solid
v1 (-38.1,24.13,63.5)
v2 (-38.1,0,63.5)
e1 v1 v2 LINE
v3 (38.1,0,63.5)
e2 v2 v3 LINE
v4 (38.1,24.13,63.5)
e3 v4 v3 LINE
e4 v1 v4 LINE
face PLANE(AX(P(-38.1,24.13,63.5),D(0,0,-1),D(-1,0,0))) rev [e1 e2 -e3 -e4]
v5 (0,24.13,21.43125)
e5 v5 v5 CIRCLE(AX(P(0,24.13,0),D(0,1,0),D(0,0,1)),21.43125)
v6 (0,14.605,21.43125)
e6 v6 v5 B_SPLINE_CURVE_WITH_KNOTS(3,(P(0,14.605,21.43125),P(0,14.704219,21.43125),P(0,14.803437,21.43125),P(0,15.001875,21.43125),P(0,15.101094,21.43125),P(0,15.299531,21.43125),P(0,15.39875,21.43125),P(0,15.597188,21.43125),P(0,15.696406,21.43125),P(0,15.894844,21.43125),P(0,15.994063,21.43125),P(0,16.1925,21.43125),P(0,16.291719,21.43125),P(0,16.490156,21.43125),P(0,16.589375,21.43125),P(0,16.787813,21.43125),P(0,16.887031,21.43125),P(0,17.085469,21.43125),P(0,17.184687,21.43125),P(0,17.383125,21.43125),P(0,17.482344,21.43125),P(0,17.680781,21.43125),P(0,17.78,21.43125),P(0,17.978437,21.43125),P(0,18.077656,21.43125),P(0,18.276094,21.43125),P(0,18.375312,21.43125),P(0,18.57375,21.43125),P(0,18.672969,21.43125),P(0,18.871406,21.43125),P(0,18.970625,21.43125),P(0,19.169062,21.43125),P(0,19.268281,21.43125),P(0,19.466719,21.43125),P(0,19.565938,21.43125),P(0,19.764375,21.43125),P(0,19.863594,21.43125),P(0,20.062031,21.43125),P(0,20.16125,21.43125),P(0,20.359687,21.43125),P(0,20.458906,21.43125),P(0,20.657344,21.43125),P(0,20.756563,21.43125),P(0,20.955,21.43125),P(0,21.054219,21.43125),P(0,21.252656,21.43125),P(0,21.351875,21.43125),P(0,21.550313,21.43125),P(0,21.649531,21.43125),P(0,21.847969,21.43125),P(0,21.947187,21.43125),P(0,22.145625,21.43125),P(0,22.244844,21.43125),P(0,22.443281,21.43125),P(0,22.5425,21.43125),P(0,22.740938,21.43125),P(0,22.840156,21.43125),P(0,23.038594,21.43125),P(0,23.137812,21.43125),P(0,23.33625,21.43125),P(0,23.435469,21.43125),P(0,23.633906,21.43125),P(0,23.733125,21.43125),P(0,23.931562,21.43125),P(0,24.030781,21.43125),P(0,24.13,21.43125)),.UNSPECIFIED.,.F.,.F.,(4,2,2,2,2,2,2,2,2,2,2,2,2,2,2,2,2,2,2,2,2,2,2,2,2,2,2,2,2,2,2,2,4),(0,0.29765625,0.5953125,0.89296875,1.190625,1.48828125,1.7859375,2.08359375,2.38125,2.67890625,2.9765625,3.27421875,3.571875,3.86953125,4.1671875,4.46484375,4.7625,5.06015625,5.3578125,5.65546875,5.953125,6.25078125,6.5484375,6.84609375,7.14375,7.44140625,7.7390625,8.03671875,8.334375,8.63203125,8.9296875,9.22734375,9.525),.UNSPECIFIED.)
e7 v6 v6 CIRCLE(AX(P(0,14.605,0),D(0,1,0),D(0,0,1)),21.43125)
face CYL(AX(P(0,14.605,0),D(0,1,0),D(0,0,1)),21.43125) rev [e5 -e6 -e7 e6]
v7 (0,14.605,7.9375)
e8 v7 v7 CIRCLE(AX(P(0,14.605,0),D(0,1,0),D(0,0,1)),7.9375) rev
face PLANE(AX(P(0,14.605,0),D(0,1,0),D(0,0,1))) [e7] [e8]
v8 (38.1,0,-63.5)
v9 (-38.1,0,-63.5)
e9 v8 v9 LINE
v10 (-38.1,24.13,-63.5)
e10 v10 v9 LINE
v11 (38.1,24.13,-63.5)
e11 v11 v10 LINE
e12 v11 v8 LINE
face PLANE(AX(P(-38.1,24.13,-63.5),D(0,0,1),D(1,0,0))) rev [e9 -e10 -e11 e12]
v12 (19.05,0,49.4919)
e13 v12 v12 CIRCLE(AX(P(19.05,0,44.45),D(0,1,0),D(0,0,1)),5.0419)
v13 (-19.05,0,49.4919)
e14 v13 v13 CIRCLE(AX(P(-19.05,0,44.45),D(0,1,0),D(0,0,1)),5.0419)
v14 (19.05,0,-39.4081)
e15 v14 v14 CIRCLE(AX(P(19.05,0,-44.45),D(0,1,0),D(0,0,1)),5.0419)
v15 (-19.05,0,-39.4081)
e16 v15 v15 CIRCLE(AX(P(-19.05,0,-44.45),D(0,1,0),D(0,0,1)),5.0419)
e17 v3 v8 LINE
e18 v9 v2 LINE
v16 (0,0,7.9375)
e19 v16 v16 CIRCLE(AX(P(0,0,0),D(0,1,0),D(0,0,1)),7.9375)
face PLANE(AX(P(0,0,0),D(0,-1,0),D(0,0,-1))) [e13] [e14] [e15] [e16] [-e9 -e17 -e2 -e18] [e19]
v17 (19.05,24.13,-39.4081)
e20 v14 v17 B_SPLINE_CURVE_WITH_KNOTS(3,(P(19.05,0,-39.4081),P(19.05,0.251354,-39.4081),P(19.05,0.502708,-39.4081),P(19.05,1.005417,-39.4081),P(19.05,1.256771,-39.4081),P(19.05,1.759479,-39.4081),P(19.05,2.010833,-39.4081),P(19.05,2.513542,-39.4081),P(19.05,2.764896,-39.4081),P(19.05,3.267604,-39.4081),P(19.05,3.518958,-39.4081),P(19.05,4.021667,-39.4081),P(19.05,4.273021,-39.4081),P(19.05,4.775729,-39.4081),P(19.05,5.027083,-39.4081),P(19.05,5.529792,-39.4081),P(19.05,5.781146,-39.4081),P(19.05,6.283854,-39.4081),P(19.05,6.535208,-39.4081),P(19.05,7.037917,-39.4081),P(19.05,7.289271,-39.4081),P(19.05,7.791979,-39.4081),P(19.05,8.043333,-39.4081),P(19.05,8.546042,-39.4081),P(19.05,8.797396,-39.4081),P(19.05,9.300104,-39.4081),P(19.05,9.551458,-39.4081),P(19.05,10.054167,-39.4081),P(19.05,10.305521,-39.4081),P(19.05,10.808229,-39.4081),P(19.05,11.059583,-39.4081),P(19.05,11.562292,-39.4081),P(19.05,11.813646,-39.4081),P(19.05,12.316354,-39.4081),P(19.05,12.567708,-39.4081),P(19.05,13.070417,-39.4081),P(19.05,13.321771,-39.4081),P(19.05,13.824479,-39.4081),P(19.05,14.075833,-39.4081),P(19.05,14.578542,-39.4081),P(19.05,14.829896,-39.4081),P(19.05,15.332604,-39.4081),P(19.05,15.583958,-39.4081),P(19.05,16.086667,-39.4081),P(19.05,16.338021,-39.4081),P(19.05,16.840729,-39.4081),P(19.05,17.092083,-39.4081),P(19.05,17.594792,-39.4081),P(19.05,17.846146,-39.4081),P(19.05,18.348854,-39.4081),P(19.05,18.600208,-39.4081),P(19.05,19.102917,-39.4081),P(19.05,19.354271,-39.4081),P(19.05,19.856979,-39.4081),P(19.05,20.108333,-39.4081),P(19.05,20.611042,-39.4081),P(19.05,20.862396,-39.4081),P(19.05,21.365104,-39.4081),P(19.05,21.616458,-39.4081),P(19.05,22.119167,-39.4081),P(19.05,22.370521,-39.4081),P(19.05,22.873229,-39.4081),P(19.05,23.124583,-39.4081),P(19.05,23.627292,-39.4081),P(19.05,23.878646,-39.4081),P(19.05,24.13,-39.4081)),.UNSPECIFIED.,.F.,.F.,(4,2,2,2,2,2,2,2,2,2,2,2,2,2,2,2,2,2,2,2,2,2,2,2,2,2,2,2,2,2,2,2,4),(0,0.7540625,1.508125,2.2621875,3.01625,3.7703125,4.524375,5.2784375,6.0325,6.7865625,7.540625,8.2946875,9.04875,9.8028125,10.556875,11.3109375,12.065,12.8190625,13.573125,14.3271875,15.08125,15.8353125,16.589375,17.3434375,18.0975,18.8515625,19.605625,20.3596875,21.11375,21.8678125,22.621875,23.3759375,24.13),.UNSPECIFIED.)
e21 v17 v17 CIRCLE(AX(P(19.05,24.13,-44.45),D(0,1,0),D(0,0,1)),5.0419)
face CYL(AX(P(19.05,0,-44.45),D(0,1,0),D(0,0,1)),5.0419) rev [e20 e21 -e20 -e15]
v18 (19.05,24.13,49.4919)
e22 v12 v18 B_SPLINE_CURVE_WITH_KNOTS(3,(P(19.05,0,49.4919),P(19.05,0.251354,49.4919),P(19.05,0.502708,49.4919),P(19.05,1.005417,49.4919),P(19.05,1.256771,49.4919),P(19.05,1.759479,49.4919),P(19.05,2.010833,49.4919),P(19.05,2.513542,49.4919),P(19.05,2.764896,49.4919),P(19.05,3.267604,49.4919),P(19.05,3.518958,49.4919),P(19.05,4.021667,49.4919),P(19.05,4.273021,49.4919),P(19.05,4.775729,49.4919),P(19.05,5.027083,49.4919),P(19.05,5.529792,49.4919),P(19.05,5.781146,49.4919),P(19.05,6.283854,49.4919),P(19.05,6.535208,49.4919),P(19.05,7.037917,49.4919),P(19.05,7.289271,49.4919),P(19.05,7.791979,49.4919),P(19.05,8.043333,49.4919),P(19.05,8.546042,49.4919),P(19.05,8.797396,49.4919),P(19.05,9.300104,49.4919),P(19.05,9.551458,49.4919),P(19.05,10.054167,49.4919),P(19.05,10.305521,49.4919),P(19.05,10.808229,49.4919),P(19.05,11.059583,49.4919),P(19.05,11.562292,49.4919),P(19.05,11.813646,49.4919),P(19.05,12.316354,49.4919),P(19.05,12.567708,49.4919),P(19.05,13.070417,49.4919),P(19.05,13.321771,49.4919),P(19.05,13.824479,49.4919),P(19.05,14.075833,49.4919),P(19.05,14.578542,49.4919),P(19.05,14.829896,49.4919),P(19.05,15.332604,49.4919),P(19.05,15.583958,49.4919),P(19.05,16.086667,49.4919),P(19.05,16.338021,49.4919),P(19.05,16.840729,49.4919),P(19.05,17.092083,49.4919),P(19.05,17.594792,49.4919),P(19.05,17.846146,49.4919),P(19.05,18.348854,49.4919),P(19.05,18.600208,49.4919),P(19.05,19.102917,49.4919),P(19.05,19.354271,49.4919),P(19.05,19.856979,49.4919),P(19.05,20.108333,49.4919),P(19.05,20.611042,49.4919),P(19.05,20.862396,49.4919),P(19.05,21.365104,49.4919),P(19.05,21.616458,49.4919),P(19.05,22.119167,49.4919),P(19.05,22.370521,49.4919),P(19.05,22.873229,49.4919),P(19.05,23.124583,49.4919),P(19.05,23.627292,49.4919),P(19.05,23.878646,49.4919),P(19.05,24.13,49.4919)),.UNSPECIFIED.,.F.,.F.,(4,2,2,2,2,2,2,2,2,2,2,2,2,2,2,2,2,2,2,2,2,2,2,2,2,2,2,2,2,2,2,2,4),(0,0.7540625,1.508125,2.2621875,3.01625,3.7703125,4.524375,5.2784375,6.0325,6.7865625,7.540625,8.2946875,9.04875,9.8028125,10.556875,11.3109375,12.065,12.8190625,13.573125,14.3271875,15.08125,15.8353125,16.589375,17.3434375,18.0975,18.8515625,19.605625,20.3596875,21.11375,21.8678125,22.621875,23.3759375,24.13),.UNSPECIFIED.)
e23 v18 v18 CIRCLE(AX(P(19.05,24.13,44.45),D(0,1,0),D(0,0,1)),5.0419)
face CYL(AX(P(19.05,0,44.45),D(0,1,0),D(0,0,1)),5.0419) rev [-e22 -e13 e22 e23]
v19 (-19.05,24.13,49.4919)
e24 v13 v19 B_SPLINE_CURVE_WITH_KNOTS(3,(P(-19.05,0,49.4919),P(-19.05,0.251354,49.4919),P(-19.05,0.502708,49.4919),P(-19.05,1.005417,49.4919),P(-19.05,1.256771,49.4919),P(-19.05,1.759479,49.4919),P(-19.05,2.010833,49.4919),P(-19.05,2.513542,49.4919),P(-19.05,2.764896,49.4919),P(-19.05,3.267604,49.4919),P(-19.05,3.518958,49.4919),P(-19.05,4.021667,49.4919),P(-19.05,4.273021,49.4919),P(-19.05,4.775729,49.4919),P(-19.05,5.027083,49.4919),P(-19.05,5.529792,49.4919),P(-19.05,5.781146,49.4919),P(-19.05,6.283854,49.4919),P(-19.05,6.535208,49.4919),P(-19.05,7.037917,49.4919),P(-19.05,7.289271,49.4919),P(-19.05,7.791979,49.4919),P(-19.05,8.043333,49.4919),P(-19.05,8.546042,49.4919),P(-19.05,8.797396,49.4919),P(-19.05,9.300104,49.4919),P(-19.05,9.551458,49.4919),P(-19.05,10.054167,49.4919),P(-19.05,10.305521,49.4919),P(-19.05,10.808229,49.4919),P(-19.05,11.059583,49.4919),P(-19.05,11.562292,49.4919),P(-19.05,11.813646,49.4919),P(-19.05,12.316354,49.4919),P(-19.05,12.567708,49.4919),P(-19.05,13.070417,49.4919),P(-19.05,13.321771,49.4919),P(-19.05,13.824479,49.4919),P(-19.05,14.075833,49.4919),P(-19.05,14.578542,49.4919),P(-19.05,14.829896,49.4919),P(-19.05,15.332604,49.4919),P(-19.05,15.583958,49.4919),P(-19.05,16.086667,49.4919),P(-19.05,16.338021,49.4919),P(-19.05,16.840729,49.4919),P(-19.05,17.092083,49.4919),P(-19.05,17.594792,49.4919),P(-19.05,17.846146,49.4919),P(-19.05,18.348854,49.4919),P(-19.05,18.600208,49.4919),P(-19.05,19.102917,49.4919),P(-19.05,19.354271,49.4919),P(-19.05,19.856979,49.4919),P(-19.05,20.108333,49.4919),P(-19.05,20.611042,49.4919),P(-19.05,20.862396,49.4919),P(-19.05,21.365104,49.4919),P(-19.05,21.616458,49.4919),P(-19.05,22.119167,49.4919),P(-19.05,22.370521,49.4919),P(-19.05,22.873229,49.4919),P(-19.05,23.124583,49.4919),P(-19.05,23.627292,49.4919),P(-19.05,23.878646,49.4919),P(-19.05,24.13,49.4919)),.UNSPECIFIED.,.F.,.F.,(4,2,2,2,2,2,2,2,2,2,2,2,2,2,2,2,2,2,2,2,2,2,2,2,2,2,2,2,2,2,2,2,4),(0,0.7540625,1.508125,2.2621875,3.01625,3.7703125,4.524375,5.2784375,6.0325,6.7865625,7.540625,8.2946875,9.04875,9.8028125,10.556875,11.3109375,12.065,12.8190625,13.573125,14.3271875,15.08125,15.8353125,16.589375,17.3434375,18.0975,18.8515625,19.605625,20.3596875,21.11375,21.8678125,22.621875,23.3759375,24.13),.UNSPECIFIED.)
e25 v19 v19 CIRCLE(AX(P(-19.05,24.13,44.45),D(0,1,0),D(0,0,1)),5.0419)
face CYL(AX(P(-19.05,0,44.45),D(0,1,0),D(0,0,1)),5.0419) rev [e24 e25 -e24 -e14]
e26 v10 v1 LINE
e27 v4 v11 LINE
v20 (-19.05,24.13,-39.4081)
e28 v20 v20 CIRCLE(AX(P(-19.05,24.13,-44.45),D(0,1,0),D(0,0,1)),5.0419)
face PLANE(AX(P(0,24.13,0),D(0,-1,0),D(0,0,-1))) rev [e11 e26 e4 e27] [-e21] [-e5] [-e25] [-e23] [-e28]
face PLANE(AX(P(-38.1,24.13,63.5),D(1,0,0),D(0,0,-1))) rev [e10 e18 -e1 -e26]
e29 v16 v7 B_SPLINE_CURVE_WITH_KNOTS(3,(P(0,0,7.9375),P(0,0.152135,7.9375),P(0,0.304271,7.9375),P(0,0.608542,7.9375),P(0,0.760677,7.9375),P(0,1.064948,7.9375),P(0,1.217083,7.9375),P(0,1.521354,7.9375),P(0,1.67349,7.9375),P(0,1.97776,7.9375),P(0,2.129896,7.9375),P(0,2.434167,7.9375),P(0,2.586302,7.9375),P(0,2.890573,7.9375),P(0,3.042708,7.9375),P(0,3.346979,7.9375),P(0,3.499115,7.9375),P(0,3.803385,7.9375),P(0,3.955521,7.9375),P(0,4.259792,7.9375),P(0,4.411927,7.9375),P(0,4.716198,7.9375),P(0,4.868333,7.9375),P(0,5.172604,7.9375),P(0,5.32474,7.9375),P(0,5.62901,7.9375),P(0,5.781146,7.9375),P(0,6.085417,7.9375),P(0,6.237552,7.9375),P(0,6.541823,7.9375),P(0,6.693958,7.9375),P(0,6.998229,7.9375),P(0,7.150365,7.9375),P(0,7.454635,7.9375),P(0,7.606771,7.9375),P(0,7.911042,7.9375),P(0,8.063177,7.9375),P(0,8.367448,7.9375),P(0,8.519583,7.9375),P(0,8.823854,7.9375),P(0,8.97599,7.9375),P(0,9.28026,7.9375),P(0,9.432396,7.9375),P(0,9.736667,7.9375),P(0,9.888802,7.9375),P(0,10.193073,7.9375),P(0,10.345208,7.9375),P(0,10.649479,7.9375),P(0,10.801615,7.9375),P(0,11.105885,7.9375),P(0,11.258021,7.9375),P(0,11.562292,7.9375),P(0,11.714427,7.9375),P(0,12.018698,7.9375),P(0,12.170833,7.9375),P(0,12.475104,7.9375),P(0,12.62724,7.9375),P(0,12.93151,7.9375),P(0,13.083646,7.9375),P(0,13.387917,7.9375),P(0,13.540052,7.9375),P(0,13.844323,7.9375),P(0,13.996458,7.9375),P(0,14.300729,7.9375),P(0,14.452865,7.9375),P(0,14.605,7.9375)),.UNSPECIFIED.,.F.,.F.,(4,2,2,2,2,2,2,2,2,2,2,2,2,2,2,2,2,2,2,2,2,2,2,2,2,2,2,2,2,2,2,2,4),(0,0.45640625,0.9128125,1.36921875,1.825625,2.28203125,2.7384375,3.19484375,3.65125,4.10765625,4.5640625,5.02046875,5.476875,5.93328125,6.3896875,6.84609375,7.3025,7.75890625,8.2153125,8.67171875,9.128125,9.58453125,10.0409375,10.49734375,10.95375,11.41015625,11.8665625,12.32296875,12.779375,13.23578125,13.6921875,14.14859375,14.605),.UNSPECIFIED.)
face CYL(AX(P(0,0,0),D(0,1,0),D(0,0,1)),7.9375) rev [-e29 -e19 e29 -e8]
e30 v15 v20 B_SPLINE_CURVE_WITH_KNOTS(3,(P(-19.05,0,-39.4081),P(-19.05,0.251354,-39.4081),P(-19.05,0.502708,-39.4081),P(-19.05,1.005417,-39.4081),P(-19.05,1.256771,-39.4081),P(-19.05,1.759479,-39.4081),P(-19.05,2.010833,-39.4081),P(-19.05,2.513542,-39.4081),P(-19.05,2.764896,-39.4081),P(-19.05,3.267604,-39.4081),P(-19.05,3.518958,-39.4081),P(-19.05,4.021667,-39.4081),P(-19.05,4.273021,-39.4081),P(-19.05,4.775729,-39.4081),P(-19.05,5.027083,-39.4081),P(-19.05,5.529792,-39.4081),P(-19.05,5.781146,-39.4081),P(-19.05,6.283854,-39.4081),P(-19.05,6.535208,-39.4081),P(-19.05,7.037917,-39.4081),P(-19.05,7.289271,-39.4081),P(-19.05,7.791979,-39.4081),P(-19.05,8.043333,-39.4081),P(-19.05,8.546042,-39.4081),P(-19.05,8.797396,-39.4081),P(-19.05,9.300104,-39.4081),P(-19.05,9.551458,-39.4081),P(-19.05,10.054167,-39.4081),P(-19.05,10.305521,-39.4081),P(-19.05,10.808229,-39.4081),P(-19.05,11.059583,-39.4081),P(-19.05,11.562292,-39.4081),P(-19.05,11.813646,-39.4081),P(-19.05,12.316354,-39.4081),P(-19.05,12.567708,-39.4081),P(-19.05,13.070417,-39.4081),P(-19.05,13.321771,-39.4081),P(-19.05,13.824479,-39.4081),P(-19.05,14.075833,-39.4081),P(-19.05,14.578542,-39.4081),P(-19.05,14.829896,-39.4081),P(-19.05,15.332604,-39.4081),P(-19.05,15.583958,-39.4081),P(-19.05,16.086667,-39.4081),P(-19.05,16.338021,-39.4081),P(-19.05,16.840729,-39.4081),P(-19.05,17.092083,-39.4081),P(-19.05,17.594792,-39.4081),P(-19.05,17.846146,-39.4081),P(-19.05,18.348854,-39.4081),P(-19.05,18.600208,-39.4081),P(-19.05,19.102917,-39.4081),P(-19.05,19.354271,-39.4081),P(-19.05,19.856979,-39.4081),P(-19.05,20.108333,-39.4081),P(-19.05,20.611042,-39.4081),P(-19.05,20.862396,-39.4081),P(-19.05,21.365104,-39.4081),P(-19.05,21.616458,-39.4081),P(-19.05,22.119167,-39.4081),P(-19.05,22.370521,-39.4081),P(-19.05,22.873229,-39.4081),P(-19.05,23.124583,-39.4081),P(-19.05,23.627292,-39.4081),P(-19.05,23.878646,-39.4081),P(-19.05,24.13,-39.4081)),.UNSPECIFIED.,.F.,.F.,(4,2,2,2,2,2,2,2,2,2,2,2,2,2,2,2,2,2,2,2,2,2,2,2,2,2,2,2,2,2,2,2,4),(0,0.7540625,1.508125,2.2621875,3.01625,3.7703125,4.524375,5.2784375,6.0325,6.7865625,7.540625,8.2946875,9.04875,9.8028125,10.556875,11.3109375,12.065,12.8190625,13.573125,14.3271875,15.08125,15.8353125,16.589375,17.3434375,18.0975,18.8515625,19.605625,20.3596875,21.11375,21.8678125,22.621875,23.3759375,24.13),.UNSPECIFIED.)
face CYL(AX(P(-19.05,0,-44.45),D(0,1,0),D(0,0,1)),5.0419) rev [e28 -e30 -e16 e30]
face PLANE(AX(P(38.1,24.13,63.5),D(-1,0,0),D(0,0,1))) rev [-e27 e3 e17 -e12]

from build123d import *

# Parameters (mm, degrees)
SKETCH1_W                    = 76.2
SKETCH1_H                    = 127
BOSS_EXTRUDE1_DEPTH          = 24.13
SKETCH2_R                    = 7.9375
F_1_2_13_THREADED_HOLE_DEPTH = 78.885280381
SKETCH3_R                    = 5.0419
F_3_8_THROUGH_HOLES_DEPTH    = 78.885280381
SKETCH4_R                    = 21.43125
CUT_EXTRUDE1_DEPTH           = 9.525


with BuildPart() as part:
    # Sketch1 → Boss-Extrude1 (new body)
    with BuildSketch(Plane(origin=(0, 0, 0), x_dir=(1, 0, 0), z_dir=(0, 1, 0))):
        Rectangle(SKETCH1_W, SKETCH1_H)
    extrude(amount=BOSS_EXTRUDE1_DEPTH)

    # Sketch2 → 1/2"-13 Threaded Hole (cut, through all)
    with BuildSketch(Plane(origin=(0, 24.13, 0), x_dir=(1, 0, 0), z_dir=(0, 1, 0))):
        with Locations(Location((0, 0, 0), (0, 0, 270))):
            Circle(SKETCH2_R)
    extrude(amount=-F_1_2_13_THREADED_HOLE_DEPTH, mode=Mode.SUBTRACT)

    # Sketch3 → 3/8" Through Holes (cut, through all)
    with BuildSketch(Plane(origin=(0, 24.13, 0), x_dir=(1, 0, 0), z_dir=(0, 1, 0))):
        with Locations(Location((-19.05, 44.45, 0), (0, 0, 270))):
            Circle(SKETCH3_R)
        with Locations(Location((19.05, 44.45, 0), (0, 0, 270))):
            Circle(SKETCH3_R)
        with Locations(Location((19.05, -44.45, 0), (0, 0, 270))):
            Circle(SKETCH3_R)
        with Locations(Location((-19.05, -44.45, 0), (0, 0, 270))):
            Circle(SKETCH3_R)
    extrude(amount=-F_3_8_THROUGH_HOLES_DEPTH, mode=Mode.SUBTRACT)

    # Sketch4 → Cut-Extrude1 (cut)
    with BuildSketch(Plane(origin=(0, 24.13, 0), x_dir=(1, 0, 0), z_dir=(0, 1, 0))):
        with Locations(Location((0, 0, 0), (0, 0, 270))):
            Circle(SKETCH4_R)
    extrude(amount=-CUT_EXTRUDE1_DEPTH, mode=Mode.SUBTRACT)


solid = part.part
